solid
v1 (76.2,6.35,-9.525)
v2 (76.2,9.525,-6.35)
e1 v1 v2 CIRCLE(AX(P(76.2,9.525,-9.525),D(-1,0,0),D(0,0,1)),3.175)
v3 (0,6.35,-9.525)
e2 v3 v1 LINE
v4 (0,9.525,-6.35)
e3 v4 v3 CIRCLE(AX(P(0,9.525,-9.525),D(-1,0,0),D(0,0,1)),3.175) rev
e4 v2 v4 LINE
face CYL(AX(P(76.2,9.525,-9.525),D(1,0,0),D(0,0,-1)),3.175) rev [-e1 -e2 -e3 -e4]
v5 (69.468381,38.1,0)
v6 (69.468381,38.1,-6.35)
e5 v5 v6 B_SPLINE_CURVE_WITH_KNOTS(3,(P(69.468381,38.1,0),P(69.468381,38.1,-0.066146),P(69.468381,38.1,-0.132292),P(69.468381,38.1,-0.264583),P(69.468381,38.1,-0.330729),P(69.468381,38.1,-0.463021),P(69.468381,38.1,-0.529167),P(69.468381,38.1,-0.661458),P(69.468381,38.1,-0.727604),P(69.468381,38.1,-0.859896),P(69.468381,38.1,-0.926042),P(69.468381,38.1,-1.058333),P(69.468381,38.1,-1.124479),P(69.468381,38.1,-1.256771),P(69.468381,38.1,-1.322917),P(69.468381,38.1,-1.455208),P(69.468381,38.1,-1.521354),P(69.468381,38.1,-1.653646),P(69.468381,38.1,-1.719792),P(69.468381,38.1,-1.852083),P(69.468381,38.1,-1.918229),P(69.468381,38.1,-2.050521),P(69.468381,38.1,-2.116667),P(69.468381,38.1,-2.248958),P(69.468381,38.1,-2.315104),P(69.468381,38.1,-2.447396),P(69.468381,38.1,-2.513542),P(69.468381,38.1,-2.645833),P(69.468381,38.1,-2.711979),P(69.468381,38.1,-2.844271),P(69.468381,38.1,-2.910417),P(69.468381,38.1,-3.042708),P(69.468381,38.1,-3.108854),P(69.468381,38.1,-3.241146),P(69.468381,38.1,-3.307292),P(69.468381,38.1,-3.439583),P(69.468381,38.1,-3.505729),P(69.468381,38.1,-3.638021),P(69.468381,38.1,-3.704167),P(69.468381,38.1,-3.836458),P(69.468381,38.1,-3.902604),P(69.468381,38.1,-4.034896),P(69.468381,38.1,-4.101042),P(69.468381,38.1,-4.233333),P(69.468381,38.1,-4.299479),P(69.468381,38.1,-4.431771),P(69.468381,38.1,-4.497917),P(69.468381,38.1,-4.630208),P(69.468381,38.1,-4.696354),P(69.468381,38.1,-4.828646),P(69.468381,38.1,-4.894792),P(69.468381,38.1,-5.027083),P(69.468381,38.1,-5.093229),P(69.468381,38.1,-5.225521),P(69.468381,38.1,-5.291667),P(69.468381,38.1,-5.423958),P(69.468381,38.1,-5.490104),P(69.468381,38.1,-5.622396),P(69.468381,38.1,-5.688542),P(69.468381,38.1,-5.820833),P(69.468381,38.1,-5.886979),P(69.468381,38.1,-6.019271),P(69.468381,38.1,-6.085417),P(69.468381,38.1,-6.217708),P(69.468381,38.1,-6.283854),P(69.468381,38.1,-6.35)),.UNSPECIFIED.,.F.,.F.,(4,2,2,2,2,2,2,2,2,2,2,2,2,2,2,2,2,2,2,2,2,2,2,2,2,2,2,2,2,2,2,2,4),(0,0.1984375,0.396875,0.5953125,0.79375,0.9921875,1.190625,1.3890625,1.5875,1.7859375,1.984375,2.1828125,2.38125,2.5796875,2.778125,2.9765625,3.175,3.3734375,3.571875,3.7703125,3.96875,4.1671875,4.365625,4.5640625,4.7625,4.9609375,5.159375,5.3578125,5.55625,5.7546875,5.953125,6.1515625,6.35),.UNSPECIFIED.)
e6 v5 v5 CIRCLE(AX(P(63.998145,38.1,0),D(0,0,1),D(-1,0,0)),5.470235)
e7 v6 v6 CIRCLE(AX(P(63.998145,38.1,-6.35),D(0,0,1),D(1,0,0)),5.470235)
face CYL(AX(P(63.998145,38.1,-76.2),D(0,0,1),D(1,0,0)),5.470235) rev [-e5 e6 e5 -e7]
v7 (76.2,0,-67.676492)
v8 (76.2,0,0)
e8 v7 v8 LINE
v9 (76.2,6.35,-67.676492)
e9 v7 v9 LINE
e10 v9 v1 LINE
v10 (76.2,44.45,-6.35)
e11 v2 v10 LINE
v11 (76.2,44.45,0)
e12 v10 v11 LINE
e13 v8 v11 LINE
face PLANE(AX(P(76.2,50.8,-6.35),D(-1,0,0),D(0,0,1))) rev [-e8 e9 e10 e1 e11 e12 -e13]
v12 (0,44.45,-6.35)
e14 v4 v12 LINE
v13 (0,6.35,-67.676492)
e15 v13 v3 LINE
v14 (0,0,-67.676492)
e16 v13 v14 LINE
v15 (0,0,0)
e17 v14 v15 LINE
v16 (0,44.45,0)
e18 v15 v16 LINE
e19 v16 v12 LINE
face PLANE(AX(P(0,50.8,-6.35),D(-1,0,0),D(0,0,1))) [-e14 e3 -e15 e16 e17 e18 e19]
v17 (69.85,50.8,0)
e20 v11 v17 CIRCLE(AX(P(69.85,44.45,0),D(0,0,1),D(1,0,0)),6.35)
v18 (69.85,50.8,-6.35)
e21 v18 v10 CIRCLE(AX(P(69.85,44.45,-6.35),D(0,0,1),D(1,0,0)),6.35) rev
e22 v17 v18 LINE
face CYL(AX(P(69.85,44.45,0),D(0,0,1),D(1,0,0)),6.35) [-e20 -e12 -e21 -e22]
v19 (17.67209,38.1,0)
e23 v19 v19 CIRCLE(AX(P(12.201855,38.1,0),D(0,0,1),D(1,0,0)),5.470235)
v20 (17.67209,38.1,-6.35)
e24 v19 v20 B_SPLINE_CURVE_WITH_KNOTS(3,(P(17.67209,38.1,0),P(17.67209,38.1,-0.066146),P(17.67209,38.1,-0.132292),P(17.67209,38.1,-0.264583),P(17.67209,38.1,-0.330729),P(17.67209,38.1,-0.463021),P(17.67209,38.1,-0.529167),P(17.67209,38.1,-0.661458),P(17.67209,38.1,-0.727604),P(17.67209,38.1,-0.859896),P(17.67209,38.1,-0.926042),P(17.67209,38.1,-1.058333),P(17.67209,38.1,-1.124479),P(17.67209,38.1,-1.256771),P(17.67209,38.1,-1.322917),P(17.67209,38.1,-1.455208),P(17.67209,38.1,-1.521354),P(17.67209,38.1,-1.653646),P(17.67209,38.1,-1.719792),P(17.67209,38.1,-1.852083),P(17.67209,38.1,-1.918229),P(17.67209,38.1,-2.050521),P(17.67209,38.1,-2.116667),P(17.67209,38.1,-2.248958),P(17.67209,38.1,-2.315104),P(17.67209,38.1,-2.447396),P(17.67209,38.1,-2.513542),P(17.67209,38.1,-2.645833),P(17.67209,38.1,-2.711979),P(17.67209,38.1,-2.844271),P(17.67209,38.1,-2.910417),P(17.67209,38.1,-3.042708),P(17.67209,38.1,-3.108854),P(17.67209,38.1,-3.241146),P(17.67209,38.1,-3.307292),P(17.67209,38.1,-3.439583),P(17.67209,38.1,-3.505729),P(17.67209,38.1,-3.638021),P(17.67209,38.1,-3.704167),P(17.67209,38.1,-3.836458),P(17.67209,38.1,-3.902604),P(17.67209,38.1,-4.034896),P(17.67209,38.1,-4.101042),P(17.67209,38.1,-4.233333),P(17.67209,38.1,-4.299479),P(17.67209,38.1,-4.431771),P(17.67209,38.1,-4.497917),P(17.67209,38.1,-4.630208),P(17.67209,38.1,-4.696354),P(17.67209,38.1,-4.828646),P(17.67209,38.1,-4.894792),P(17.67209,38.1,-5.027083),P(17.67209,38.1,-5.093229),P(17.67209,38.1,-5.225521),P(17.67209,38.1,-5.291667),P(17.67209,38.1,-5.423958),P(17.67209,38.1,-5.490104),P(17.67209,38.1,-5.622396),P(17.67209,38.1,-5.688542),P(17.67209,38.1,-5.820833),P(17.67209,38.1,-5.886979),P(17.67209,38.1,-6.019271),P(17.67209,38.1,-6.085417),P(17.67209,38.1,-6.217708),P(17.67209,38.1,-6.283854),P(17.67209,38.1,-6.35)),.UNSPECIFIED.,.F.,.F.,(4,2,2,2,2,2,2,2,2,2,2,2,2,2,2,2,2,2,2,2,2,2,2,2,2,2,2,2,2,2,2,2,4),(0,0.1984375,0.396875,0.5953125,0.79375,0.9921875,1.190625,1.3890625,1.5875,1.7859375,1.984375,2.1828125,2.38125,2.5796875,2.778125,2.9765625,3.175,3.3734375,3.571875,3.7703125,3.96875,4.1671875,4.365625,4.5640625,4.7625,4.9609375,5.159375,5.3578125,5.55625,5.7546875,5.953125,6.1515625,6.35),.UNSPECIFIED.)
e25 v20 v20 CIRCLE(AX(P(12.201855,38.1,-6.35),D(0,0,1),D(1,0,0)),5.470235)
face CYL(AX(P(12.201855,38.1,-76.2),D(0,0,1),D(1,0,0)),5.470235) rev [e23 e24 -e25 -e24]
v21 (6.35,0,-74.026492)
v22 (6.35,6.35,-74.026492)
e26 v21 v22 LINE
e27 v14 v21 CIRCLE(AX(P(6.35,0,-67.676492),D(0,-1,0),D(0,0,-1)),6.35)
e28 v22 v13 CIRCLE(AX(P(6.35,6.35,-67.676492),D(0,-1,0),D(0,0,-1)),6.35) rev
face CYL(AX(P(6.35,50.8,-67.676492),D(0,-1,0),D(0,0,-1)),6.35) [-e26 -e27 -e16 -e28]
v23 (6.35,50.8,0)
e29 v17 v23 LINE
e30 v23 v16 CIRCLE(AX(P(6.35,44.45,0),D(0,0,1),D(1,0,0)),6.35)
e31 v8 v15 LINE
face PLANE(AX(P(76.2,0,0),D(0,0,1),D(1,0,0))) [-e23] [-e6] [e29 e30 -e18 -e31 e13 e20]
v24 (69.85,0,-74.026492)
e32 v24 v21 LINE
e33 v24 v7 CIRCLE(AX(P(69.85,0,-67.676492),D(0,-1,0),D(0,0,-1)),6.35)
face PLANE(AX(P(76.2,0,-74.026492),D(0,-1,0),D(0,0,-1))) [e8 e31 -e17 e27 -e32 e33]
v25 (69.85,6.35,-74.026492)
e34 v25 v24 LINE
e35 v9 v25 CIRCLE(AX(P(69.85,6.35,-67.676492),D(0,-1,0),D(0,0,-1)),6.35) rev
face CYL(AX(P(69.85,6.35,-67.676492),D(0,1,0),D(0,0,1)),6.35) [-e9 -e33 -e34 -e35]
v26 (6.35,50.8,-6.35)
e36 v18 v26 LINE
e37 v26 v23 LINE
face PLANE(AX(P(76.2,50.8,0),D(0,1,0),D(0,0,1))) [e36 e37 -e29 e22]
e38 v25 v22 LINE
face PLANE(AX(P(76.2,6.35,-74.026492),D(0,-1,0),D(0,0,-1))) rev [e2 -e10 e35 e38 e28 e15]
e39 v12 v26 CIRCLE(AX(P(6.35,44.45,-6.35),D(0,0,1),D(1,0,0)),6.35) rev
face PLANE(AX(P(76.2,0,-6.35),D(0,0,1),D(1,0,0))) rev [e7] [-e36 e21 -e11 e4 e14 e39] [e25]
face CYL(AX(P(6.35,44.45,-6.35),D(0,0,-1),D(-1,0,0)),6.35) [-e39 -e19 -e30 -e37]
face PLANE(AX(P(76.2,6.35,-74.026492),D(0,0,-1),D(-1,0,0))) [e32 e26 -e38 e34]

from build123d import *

# Parameters (mm, degrees)
EXTRUDE_THIN1_DEPTH = 76.2
FILLET1_R           = 6.35
SKETCH3_R           = 5.470235349
CUT_EXTRUDE2_DEPTH  = 76.2
FILLET2_R           = 3.175


with BuildPart() as part:
    # Sketch1 → Extrude-Thin1 (new body)
    with BuildSketch(Plane(origin=(0, 0, 0), x_dir=(0, 0, -1), z_dir=(1, 0, 0))):
        Polygon((74.026491926, 0), (0, 0), (0, 50.8), (6.35, 50.8), (6.35, 6.35), (74.026491926, 6.35), align=None)
    extrude(amount=EXTRUDE_THIN1_DEPTH)

    # Fillet1
    fillet1_edges = [part.edges().sort_by_distance(p)[0] for p in [
        (76.2, 3.175, -74.026491926),
        (0, 3.175, -74.026491926),
        (0, 50.8, -3.175),
        (76.2, 50.8, -3.175),
    ]]
    fillet(fillet1_edges, radius=FILLET1_R)

    # Sketch3 → Cut-Extrude2 (cut)
    with BuildSketch(Plane.XY):
        with Locations((12.201854518, 38.1)):
            Circle(SKETCH3_R)
        with Locations((63.998145482, 38.1)):
            Circle(SKETCH3_R)
    extrude(amount=-CUT_EXTRUDE2_DEPTH, mode=Mode.SUBTRACT)

    # Fillet2
    fillet2_edges = [part.edges().sort_by_distance(p)[0] for p in [
        (38.1, 6.35, -6.35),
    ]]
    fillet(fillet2_edges, radius=FILLET2_R)


solid = part.part
